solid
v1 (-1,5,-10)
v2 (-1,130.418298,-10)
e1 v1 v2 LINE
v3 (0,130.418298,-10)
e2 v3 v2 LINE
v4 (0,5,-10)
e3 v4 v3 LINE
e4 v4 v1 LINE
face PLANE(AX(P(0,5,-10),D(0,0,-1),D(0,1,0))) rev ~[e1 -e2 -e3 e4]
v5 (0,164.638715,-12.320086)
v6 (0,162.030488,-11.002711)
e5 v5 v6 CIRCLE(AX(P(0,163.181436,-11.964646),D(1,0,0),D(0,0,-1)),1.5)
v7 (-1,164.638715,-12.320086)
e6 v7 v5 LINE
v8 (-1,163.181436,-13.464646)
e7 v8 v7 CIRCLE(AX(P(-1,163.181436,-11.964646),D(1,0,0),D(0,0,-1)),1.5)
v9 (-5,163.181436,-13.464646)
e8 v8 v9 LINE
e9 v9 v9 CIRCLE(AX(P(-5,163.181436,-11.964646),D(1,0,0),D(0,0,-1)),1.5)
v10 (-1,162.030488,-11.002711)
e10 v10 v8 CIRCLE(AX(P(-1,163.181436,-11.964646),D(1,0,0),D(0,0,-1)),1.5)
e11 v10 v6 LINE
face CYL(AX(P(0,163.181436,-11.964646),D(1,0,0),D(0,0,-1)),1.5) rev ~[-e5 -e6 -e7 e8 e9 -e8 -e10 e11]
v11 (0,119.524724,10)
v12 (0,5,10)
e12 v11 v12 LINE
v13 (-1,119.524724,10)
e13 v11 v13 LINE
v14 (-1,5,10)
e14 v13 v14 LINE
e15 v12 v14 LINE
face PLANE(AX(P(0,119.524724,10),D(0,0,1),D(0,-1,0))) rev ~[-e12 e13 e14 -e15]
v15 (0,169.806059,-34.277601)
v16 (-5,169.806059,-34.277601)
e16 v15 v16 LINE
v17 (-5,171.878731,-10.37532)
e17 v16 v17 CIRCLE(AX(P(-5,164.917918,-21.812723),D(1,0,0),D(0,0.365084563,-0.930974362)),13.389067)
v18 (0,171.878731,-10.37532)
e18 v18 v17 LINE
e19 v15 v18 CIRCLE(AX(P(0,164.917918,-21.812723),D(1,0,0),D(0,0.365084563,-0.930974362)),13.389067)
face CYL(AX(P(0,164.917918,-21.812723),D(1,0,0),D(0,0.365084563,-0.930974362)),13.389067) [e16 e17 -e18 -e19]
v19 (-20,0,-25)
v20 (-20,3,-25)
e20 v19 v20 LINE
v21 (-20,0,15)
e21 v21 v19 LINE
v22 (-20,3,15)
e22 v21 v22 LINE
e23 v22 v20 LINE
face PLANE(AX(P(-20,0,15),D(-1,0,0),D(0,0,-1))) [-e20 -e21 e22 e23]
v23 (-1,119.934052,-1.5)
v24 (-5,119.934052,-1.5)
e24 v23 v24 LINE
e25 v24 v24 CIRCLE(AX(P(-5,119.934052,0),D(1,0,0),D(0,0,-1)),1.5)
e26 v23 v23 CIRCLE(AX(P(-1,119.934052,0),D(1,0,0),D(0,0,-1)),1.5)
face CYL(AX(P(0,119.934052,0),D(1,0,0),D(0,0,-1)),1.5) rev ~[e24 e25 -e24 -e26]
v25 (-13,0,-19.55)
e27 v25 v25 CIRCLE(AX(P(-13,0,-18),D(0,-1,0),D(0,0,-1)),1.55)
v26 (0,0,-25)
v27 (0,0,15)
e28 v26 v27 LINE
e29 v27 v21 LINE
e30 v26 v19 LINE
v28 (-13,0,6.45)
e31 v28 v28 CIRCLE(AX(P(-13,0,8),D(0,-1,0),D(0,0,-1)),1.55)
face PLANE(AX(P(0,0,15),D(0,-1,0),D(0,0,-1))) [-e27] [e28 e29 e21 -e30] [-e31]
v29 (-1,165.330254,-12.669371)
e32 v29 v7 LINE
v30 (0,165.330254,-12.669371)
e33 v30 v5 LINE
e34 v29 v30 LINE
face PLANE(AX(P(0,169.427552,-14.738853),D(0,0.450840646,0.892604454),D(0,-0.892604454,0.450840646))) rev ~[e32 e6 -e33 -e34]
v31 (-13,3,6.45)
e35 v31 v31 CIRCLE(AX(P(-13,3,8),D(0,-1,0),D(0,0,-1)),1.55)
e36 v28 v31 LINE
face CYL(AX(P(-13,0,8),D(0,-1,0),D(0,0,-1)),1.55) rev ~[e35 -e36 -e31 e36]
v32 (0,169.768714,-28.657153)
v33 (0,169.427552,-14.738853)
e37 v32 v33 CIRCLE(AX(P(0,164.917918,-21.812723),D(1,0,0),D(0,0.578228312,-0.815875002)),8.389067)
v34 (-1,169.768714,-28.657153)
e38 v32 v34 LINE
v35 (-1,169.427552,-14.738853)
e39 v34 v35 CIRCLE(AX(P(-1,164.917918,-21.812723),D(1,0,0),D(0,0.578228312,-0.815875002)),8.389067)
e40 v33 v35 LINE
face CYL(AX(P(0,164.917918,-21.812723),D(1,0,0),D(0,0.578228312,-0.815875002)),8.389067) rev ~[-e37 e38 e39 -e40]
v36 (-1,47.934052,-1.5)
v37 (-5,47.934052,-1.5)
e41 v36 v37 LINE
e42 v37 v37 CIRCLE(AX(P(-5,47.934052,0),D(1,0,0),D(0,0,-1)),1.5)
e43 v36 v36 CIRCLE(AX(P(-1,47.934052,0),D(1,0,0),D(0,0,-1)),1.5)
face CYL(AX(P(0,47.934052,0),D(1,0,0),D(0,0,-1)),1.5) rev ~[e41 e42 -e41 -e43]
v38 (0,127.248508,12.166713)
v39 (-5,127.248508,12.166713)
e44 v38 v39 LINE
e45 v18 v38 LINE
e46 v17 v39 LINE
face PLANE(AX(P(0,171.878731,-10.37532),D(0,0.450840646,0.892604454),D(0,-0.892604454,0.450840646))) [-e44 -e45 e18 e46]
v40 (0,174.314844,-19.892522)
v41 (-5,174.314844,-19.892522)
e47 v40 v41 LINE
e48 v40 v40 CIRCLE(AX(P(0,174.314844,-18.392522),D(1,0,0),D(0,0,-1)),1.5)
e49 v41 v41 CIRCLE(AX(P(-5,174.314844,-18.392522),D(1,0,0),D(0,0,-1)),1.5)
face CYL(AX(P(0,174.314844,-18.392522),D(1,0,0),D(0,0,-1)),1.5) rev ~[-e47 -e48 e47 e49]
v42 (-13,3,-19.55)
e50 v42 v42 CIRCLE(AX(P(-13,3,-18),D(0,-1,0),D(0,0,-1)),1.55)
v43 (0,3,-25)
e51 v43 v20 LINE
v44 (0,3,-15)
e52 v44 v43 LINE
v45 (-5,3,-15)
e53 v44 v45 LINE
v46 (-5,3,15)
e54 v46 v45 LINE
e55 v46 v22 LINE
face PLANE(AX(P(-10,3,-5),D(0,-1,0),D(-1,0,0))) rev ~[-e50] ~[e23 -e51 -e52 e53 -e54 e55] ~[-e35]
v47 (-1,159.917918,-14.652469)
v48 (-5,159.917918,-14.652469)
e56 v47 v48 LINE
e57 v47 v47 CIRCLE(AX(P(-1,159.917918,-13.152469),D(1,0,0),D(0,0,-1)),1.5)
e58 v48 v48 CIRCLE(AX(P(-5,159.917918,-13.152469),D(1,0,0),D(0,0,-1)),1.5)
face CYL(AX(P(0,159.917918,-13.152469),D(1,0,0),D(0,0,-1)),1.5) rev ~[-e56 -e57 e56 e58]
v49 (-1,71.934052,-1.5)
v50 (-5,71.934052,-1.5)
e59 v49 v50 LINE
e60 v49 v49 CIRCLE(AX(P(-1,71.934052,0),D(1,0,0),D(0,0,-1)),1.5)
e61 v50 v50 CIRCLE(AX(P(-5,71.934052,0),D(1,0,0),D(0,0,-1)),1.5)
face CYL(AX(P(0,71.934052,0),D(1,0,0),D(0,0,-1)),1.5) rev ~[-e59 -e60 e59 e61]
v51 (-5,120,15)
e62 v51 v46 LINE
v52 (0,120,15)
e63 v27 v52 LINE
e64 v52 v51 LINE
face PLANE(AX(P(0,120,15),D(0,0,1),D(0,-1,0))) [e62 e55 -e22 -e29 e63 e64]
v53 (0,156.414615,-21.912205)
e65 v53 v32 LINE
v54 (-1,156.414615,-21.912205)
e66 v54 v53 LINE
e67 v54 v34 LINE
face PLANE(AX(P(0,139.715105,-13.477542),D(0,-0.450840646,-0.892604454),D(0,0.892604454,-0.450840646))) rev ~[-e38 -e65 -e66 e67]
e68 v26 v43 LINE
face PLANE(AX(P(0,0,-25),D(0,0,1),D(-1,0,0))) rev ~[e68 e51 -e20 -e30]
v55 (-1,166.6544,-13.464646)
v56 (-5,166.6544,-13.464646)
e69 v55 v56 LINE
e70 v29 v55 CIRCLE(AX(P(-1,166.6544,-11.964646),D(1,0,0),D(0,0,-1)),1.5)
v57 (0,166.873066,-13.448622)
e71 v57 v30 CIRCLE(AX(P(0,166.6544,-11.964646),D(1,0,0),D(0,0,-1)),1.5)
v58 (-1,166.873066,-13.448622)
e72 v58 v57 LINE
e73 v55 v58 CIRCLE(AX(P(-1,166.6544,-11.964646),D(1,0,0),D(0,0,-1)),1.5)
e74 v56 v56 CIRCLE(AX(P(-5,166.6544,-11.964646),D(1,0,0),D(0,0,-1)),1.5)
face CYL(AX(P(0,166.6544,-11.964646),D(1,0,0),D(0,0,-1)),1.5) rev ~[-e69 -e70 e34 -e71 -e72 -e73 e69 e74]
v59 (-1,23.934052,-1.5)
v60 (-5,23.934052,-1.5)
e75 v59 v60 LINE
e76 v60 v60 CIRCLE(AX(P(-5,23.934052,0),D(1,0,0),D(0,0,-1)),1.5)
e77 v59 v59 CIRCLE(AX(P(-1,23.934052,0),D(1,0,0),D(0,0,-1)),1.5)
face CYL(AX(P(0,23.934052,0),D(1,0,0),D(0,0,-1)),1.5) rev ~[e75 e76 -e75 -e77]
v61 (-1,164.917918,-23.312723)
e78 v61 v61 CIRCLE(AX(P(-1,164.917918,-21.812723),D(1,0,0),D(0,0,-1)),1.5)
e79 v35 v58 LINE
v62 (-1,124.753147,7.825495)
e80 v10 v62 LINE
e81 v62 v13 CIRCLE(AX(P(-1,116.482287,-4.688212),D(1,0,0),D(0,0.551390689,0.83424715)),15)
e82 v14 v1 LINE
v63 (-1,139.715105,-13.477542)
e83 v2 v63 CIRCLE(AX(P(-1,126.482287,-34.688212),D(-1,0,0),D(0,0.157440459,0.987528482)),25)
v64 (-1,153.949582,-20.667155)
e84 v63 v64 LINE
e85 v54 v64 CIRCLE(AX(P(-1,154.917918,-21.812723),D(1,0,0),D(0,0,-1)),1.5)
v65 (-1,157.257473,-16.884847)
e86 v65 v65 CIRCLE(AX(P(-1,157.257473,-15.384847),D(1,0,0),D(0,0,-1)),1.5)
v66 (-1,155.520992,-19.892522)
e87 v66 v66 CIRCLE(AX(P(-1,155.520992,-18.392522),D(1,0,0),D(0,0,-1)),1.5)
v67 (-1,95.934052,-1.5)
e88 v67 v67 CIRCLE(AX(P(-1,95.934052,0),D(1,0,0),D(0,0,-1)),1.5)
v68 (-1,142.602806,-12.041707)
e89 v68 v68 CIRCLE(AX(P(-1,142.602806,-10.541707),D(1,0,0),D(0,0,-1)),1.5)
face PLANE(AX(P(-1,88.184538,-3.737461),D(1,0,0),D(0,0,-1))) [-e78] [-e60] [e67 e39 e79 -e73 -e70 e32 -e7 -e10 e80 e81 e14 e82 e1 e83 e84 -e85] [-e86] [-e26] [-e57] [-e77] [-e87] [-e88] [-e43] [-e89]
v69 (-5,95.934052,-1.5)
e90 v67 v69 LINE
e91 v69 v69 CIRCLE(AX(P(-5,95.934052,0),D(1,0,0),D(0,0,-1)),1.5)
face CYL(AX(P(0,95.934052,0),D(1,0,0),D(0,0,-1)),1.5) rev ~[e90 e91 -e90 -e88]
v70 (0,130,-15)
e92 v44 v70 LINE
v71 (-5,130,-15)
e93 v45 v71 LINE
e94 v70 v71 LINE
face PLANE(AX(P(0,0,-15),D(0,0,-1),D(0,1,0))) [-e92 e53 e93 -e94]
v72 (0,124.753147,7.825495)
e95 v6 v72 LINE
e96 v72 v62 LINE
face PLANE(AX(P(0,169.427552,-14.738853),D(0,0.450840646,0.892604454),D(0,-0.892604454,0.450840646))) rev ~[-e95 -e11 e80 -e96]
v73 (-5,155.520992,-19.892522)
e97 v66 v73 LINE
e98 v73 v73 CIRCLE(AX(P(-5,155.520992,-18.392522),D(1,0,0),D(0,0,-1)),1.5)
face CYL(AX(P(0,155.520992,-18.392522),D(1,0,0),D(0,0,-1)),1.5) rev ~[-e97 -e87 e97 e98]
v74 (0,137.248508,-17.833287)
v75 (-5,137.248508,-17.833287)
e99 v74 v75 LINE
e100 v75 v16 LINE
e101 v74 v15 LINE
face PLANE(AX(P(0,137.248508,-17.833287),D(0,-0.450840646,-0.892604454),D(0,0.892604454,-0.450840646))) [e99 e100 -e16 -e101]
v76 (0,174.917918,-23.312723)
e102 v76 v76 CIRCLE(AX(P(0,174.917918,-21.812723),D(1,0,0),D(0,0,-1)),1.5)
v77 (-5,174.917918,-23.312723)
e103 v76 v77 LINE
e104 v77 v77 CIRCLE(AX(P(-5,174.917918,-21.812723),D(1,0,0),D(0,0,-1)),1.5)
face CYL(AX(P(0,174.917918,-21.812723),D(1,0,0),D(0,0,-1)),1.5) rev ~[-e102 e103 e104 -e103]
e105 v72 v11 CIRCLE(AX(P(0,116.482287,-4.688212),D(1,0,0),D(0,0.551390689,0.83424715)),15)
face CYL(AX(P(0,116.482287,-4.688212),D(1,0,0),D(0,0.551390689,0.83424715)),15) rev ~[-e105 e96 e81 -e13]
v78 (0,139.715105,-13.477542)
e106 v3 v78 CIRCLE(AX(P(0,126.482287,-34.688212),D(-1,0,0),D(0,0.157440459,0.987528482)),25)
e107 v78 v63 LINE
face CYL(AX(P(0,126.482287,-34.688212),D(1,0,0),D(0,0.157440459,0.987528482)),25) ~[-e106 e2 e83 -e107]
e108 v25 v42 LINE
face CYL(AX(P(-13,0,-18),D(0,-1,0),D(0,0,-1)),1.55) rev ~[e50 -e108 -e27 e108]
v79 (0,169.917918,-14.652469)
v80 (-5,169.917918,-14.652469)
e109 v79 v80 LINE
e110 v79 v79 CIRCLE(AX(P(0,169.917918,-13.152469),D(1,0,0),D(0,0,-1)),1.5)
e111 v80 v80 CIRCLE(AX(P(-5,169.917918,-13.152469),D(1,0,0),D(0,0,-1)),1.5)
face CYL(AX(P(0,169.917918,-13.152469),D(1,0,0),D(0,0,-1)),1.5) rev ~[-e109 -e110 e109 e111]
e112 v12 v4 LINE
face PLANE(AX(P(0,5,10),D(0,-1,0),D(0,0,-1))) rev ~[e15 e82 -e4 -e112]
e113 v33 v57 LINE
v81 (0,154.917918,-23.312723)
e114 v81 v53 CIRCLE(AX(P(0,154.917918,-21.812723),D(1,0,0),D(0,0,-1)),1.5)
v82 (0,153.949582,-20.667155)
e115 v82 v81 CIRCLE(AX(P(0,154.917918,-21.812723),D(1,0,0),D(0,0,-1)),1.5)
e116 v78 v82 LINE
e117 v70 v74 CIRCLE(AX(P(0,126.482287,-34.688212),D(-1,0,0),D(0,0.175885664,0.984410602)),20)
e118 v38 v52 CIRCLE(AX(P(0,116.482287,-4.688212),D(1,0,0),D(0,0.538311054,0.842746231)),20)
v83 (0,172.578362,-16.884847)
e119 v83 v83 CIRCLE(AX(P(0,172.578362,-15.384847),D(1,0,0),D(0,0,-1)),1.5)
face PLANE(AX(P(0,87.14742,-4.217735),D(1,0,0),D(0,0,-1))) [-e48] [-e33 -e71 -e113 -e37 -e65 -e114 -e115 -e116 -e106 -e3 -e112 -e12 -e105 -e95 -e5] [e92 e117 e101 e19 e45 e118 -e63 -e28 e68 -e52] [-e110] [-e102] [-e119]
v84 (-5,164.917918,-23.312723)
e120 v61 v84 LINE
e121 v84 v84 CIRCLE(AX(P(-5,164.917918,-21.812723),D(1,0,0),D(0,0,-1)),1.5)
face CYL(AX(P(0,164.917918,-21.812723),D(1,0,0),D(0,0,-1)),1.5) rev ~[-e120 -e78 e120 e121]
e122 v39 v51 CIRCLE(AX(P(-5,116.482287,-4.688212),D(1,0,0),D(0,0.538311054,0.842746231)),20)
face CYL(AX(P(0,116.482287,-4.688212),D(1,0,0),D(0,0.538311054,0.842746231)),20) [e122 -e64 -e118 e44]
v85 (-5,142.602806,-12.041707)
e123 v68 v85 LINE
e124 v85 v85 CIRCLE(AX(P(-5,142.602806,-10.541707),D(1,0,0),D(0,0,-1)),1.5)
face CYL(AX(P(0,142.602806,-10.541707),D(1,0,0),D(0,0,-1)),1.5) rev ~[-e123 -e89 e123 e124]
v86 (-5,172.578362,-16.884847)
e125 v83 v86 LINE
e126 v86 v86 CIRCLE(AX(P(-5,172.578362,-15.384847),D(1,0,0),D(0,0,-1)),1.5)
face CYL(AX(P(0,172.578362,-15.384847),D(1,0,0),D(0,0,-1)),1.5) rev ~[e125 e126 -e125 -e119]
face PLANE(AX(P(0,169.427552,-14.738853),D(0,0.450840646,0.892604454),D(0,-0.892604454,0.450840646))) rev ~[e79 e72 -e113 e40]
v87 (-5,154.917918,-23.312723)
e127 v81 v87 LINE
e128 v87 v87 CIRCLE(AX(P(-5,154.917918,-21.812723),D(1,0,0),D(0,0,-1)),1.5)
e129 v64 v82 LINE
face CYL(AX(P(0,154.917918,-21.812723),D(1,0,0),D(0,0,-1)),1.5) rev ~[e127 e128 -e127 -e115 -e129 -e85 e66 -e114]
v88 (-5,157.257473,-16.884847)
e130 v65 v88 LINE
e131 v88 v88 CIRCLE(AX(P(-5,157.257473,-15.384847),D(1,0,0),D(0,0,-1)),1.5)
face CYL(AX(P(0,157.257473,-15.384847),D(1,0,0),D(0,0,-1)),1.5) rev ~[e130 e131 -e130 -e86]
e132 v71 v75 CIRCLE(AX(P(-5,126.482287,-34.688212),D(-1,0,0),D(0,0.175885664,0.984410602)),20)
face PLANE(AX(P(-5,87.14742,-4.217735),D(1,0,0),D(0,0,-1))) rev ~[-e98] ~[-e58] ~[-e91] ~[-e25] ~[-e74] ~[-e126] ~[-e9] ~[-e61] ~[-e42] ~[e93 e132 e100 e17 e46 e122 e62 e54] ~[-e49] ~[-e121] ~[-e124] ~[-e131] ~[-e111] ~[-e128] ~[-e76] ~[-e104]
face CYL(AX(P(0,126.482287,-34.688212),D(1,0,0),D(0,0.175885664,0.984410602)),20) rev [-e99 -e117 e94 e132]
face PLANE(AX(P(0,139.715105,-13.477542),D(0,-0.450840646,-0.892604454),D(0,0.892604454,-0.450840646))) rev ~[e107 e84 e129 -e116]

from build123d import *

# Parameters (mm, degrees)
SKETCH_1_R          = 1.5
EXTRUDE_2_DEPTH     = 5
CUT_EXTRUDE_1_DEPTH = 1
SKETCH_5_W          = 20
SKETCH_5_H          = 40
EXTRUDE_3_DEPTH     = 3
SKETCH_6_R          = 1.55
CUT_EXTRUDE_2_DEPTH = 10


with BuildPart() as part:
    # 草图1 → 凸台-拉伸2 (new body)
    with BuildSketch(Plane(origin=(0, 0, 0), x_dir=(0, 0, -1), z_dir=(1, 0, 0))):
        with BuildLine():
            Line((-15, 0), (15, 0))
            Line((15, 0), (15, 130))
            ThreePointArc((15, 130), (16.060667235, 133.763397528), (17.833287426, 137.248507798))
            Line((17.833287426, 137.248507798), (34.277601095, 169.80605943))
            ThreePointArc((34.277601095, 169.80605943), (22.969406924, 178.256928012), (10.37531975, 171.878730504))
            Line((10.37531975, 171.878730504), (-12.166712574, 127.248507798))
            ThreePointArc((-12.166712574, 127.248507798), (-13.939332765, 123.763397528), (-15, 120))
            Line((-15, 120), (-15, 0))
        make_face()
        with Locations((0, 23.934052351)):
            Circle(SKETCH_1_R, mode=Mode.SUBTRACT)
        with Locations((0, 47.934052351)):
            Circle(SKETCH_1_R, mode=Mode.SUBTRACT)
        with Locations((0, 71.934052351)):
            Circle(SKETCH_1_R, mode=Mode.SUBTRACT)
        with Locations((0, 95.934052351)):
            Circle(SKETCH_1_R, mode=Mode.SUBTRACT)
        with Locations((10.541707006, 142.602806473)):
            Circle(SKETCH_1_R, mode=Mode.SUBTRACT)
        with Locations((0, 119.934052351)):
            Circle(SKETCH_1_R, mode=Mode.SUBTRACT)
        with Locations((21.812723168, 164.917917825)):
            Circle(SKETCH_1_R, mode=Mode.SUBTRACT)
        with Locations((11.964645637, 166.654399602)):
            Circle(SKETCH_1_R, mode=Mode.SUBTRACT)
        with Locations((11.964645637, 163.181436049)):
            Circle(SKETCH_1_R, mode=Mode.SUBTRACT)
        with Locations((13.15246913, 159.917917825)):
            Circle(SKETCH_1_R, mode=Mode.SUBTRACT)
        with Locations((15.384847071, 157.257473394)):
            Circle(SKETCH_1_R, mode=Mode.SUBTRACT)
        with Locations((18.392521734, 155.520991617)):
            Circle(SKETCH_1_R, mode=Mode.SUBTRACT)
        with Locations((21.812723168, 154.917917825)):
            Circle(SKETCH_1_R, mode=Mode.SUBTRACT)
        with Locations((13.15246913, 169.917917825)):
            Circle(SKETCH_1_R, mode=Mode.SUBTRACT)
        with Locations((15.384847071, 172.578362256)):
            Circle(SKETCH_1_R, mode=Mode.SUBTRACT)
        with Locations((18.392521734, 174.314844033)):
            Circle(SKETCH_1_R, mode=Mode.SUBTRACT)
        with Locations((21.812723168, 174.917917825)):
            Circle(SKETCH_1_R, mode=Mode.SUBTRACT)
    extrude(amount=-EXTRUDE_2_DEPTH)

    # 草图4 → 切除-拉伸1 (cut)
    with BuildSketch(Plane(origin=(0, 0, 0), x_dir=(0, 0, -1), z_dir=(1, 0, 0))):
        with BuildLine():
            Line((-10, 5), (10, 5))
            Line((10, 5), (10, 130.418298195))
            ThreePointArc((10, 130.418298195), (11.272736422, 135.241025308), (13.477541954, 139.715104809))
            Line((13.477541954, 139.715104809), (28.657153069, 169.768713769))
            ThreePointArc((28.657153069, 169.768713769), (21.607154469, 173.304465594), (14.73885303, 169.427552317))
            Line((14.73885303, 169.427552317), (-7.82549521, 124.753147068))
            ThreePointArc((-7.82549521, 124.753147068), (-9.161705076, 122.242477333), (-10, 119.524724411))
            Line((-10, 119.524724411), (-10, 5))
        make_face()
    extrude(amount=-CUT_EXTRUDE_1_DEPTH, mode=Mode.SUBTRACT)

    # 草图5 → 凸台-拉伸3 (add)
    with BuildSketch(Plane(origin=(0, 0, 0), x_dir=(-1, 0, 0), z_dir=(0, -1, 0))):
        with Locations((10, 5)):
            Rectangle(SKETCH_5_W, SKETCH_5_H)
    extrude(amount=-EXTRUDE_3_DEPTH)

    # 草图6 → 切除-拉伸2 (cut)
    with BuildSketch(Plane.XZ):
        with Locations(Location((-13, -18, 0), (0, 0, 270))):
            Circle(SKETCH_6_R)
        with Locations(Location((-13, 8, 0), (0, 0, 270))):
            Circle(SKETCH_6_R)
    extrude(amount=-CUT_EXTRUDE_2_DEPTH, mode=Mode.SUBTRACT)


solid = part.part
